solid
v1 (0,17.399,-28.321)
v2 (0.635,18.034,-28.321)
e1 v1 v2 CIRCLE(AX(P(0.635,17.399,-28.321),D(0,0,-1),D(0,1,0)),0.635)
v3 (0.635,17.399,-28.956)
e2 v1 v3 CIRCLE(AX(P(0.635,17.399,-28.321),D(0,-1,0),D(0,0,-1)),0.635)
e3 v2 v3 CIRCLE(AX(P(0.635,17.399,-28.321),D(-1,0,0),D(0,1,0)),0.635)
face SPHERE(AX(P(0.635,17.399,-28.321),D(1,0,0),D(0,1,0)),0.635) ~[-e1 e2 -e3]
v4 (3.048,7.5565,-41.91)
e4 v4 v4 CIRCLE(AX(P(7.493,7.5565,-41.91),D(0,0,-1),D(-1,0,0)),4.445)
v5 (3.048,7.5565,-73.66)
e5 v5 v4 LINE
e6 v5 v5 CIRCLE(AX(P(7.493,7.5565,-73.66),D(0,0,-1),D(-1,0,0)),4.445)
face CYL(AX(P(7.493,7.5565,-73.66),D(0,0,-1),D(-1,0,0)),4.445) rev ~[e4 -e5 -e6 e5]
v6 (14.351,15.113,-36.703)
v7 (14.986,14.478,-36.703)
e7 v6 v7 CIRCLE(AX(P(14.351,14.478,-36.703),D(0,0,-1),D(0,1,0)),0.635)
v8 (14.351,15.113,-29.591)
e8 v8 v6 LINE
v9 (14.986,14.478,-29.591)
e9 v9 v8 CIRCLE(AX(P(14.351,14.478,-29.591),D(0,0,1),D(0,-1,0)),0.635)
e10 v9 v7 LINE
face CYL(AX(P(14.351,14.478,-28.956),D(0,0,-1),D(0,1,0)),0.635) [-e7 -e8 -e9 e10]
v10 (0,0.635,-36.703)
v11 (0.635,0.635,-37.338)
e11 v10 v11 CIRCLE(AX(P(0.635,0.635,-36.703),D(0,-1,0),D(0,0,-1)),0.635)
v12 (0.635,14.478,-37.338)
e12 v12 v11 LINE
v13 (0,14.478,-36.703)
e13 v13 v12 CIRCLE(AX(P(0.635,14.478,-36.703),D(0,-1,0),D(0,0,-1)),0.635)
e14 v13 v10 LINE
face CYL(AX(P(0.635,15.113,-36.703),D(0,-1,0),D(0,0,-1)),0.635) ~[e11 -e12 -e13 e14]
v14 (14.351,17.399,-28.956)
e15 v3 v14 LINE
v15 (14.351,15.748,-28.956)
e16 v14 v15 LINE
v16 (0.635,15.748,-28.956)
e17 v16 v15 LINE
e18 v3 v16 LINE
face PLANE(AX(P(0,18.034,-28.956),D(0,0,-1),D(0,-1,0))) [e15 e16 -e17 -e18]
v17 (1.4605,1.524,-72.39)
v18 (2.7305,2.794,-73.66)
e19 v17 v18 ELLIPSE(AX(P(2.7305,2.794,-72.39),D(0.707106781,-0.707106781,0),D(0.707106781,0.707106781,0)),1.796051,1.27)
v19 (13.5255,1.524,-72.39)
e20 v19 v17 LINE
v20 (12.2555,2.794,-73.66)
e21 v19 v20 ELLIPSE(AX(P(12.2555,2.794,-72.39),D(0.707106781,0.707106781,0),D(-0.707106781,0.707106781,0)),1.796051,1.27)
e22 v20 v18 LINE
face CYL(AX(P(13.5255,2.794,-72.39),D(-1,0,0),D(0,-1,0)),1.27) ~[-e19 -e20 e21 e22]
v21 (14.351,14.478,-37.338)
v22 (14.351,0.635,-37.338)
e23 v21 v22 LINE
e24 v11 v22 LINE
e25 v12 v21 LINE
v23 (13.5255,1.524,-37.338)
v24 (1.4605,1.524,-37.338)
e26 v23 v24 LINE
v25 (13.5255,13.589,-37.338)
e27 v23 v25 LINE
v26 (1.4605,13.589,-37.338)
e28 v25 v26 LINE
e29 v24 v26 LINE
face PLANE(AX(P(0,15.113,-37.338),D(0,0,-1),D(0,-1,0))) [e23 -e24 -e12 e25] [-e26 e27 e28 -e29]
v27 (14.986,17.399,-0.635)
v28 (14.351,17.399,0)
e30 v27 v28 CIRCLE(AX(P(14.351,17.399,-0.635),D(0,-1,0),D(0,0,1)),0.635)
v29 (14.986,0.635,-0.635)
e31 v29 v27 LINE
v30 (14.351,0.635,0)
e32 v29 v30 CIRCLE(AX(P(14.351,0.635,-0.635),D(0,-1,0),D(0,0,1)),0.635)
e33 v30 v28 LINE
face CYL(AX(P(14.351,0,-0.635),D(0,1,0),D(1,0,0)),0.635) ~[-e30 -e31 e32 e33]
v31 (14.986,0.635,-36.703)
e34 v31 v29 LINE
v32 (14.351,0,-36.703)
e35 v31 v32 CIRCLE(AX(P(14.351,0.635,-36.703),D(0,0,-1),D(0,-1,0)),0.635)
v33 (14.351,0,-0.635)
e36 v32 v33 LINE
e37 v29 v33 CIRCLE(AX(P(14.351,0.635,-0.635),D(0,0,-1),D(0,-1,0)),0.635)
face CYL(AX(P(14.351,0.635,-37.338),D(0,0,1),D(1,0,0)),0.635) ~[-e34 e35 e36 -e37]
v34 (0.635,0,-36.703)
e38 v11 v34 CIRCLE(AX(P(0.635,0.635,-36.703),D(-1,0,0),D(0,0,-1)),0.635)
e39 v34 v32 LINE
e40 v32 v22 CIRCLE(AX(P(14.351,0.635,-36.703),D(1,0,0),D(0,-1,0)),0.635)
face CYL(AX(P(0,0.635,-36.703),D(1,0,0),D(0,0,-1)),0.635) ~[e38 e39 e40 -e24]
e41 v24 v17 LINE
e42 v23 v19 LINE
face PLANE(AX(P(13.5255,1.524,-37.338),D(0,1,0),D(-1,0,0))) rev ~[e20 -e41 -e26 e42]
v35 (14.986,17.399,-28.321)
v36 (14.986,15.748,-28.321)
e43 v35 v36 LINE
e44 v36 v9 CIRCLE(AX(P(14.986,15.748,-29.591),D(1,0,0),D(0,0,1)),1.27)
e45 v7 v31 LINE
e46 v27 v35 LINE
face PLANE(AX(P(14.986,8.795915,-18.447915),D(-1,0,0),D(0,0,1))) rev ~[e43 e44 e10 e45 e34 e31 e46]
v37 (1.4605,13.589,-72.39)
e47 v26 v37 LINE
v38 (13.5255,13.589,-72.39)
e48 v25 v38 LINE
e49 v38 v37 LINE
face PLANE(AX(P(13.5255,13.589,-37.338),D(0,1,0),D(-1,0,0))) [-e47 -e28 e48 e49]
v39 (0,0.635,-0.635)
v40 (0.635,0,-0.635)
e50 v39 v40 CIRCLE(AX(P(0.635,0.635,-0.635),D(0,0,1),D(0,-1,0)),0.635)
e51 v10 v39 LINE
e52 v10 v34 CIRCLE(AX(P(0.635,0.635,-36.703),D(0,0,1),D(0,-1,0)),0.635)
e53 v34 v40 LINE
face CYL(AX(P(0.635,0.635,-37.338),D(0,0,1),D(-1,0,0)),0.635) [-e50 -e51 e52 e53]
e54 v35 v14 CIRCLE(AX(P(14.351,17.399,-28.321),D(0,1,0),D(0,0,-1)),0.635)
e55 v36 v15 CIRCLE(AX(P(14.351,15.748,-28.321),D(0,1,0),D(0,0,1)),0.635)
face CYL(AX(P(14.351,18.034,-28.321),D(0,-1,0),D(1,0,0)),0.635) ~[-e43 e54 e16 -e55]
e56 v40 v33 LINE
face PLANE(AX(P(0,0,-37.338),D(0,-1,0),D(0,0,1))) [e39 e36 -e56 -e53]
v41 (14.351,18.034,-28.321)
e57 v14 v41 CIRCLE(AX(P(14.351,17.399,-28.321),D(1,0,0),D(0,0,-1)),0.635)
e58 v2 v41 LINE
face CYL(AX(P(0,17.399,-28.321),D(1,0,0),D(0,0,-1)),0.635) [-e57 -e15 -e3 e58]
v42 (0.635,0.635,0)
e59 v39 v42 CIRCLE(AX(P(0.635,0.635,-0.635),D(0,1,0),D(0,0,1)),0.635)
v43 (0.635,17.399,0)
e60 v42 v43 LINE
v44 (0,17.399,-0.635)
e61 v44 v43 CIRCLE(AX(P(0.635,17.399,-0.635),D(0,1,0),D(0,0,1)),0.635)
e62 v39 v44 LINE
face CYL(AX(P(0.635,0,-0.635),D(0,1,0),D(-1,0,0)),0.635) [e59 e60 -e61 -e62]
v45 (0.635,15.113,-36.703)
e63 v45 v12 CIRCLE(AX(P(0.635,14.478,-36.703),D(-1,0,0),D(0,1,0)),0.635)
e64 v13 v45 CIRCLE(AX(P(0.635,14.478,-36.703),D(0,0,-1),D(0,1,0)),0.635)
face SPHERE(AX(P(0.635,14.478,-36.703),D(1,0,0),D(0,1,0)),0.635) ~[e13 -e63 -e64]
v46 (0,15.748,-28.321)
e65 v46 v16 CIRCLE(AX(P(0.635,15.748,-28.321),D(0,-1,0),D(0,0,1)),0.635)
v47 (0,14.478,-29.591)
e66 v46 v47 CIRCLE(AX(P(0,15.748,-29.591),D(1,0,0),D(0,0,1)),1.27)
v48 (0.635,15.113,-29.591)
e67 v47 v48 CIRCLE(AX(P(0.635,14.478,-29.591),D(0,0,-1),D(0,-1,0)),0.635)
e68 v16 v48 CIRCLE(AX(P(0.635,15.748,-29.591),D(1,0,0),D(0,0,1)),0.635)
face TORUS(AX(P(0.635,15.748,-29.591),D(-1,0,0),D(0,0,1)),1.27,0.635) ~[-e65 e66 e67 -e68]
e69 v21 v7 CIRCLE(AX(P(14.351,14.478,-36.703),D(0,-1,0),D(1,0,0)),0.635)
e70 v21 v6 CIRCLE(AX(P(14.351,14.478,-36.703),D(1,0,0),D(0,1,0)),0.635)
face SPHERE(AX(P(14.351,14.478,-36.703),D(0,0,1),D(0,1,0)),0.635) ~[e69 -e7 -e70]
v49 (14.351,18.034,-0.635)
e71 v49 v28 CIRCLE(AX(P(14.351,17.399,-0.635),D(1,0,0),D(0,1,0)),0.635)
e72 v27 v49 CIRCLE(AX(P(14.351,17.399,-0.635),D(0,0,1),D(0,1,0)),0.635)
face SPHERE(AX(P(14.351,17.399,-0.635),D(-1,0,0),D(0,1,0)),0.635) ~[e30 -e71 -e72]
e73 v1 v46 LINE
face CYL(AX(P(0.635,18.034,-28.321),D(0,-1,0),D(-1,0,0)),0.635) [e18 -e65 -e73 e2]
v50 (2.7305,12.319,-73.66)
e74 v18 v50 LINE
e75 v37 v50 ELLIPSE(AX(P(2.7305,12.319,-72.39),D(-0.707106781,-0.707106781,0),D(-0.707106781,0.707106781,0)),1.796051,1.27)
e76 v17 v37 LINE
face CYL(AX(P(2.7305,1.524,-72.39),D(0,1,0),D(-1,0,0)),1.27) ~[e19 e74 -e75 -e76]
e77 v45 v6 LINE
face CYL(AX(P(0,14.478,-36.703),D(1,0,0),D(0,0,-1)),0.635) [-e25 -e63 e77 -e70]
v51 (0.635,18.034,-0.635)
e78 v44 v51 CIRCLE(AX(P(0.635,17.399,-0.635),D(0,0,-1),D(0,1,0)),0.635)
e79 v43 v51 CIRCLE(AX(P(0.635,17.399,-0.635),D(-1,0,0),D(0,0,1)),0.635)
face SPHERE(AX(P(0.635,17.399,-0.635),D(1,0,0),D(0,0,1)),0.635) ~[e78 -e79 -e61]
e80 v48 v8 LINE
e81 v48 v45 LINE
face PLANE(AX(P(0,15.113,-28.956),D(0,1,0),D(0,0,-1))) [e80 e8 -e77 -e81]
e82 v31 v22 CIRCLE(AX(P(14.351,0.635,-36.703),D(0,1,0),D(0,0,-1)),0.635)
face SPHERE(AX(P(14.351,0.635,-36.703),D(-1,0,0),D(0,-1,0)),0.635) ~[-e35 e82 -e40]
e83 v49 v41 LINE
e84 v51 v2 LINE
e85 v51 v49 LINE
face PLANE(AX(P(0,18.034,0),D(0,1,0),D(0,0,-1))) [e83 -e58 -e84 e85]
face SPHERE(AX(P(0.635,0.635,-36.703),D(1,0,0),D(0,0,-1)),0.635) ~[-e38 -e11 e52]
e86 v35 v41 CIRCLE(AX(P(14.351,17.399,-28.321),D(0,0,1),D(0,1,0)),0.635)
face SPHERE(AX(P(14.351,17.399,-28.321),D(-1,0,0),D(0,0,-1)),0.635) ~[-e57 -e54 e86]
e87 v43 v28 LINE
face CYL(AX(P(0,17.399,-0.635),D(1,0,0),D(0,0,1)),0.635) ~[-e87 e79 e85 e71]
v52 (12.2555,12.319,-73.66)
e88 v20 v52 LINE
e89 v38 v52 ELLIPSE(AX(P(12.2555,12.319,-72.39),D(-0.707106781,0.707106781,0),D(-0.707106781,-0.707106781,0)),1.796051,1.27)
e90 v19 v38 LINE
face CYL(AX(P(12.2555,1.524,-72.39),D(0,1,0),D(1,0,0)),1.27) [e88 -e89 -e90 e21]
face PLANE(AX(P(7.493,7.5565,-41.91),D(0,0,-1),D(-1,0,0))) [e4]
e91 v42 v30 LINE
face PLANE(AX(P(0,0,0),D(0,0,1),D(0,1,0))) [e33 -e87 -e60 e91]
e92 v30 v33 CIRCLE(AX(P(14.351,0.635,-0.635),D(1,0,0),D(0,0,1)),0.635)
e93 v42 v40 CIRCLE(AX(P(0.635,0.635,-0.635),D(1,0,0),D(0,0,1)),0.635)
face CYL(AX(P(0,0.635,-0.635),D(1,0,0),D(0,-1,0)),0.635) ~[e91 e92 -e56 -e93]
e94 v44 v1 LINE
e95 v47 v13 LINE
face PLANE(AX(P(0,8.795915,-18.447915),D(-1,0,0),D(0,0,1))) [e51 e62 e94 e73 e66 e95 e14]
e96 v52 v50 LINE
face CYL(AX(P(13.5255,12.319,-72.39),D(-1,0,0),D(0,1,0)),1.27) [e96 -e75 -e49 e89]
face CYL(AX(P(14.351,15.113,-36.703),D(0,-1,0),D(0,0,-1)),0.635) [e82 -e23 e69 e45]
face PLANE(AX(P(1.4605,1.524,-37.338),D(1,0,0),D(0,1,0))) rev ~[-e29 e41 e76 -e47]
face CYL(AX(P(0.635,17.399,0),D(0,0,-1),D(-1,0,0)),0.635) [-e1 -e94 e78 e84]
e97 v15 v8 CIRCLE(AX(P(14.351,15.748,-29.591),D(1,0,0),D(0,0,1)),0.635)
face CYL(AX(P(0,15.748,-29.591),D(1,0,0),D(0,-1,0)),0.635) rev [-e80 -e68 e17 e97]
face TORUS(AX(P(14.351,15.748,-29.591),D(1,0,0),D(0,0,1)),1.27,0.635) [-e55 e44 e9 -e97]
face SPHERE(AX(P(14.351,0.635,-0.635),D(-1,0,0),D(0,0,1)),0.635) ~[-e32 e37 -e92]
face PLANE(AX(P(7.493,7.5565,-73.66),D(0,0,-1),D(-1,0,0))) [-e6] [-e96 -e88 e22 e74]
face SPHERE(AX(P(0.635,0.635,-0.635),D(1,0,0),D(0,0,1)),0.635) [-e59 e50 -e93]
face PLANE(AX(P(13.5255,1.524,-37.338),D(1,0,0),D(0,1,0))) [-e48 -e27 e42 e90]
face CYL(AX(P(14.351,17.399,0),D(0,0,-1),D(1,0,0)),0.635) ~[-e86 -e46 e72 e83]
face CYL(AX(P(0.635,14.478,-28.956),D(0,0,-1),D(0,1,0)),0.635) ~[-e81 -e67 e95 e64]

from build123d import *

# Parameters (mm, degrees)
BOSS_EXTRUDE1_DEPTH = 14.986
SKETCH2_W           = 12.065
SKETCH2_H           = 12.065
BOSS_EXTRUDE2_DEPTH = 36.322
FILLET1_R           = 1.27
FILLET2_R           = 0.635
SKETCH3_R           = 4.445
CUT_EXTRUDE1_DEPTH  = 31.75


with BuildPart() as part:
    # Sketch1 → Boss-Extrude1 (new body)
    with BuildSketch(Plane(origin=(0, 0, 0), x_dir=(0, 0, -1), z_dir=(1, 0, 0))):
        Polygon((0, 0), (0, 18.034), (28.956, 18.034), (28.956, 15.113), (37.338, 15.113), (37.338, 0), align=None)
    extrude(amount=BOSS_EXTRUDE1_DEPTH)

    # Sketch2 → Boss-Extrude2 (add)
    with BuildSketch(Plane(origin=(0, 0, -37.338), x_dir=(-1, 0, 0), z_dir=(0, 0, -1))):
        with Locations((-7.493, 7.5565)):
            Rectangle(SKETCH2_W, SKETCH2_H)
    extrude(amount=BOSS_EXTRUDE2_DEPTH)

    # Fillet1
    fillet1_edges = [part.edges().sort_by_distance(p)[0] for p in [
        (1.4605, 7.5565, -73.66),
        (7.493, 13.589, -73.66),
        (13.5255, 7.5565, -73.66),
        (7.493, 1.524, -73.66),
    ]]
    fillet(fillet1_edges, radius=FILLET1_R)

    # Fillet2
    fillet2_edges = [part.edges().sort_by_distance(p)[0] for p in [
        (14.986, 15.113, -33.147),
        (7.493, 0, 0),
        (7.493, 18.034, 0),
        (7.493, 18.034, -28.956),
        (7.493, 15.113, -28.956),
        (7.493, 15.113, -37.338),
        (7.493, 0, -37.338),
        (14.986, 16.5735, -28.956),
        (14.986, 18.034, -14.478),
        (14.986, 9.017, 0),
        (14.986, 0, -18.669),
        (0, 9.017, 0),
        (0, 18.034, -14.478),
        (0, 16.5735, -28.956),
        (14.986, 7.5565, -37.338),
        (0, 15.113, -33.147),
        (0, 7.5565, -37.338),
        (0, 0, -18.669),
    ]]
    fillet(fillet2_edges, radius=FILLET2_R)

    # Sketch3 → Cut-Extrude1 (cut)
    with BuildSketch(Plane(origin=(0, 0, -73.66), x_dir=(-1, 0, 0), z_dir=(0, 0, -1))):
        with Locations((-7.493, 7.5565)):
            Circle(SKETCH3_R)
    extrude(amount=-CUT_EXTRUDE1_DEPTH, mode=Mode.SUBTRACT)


solid = part.part
